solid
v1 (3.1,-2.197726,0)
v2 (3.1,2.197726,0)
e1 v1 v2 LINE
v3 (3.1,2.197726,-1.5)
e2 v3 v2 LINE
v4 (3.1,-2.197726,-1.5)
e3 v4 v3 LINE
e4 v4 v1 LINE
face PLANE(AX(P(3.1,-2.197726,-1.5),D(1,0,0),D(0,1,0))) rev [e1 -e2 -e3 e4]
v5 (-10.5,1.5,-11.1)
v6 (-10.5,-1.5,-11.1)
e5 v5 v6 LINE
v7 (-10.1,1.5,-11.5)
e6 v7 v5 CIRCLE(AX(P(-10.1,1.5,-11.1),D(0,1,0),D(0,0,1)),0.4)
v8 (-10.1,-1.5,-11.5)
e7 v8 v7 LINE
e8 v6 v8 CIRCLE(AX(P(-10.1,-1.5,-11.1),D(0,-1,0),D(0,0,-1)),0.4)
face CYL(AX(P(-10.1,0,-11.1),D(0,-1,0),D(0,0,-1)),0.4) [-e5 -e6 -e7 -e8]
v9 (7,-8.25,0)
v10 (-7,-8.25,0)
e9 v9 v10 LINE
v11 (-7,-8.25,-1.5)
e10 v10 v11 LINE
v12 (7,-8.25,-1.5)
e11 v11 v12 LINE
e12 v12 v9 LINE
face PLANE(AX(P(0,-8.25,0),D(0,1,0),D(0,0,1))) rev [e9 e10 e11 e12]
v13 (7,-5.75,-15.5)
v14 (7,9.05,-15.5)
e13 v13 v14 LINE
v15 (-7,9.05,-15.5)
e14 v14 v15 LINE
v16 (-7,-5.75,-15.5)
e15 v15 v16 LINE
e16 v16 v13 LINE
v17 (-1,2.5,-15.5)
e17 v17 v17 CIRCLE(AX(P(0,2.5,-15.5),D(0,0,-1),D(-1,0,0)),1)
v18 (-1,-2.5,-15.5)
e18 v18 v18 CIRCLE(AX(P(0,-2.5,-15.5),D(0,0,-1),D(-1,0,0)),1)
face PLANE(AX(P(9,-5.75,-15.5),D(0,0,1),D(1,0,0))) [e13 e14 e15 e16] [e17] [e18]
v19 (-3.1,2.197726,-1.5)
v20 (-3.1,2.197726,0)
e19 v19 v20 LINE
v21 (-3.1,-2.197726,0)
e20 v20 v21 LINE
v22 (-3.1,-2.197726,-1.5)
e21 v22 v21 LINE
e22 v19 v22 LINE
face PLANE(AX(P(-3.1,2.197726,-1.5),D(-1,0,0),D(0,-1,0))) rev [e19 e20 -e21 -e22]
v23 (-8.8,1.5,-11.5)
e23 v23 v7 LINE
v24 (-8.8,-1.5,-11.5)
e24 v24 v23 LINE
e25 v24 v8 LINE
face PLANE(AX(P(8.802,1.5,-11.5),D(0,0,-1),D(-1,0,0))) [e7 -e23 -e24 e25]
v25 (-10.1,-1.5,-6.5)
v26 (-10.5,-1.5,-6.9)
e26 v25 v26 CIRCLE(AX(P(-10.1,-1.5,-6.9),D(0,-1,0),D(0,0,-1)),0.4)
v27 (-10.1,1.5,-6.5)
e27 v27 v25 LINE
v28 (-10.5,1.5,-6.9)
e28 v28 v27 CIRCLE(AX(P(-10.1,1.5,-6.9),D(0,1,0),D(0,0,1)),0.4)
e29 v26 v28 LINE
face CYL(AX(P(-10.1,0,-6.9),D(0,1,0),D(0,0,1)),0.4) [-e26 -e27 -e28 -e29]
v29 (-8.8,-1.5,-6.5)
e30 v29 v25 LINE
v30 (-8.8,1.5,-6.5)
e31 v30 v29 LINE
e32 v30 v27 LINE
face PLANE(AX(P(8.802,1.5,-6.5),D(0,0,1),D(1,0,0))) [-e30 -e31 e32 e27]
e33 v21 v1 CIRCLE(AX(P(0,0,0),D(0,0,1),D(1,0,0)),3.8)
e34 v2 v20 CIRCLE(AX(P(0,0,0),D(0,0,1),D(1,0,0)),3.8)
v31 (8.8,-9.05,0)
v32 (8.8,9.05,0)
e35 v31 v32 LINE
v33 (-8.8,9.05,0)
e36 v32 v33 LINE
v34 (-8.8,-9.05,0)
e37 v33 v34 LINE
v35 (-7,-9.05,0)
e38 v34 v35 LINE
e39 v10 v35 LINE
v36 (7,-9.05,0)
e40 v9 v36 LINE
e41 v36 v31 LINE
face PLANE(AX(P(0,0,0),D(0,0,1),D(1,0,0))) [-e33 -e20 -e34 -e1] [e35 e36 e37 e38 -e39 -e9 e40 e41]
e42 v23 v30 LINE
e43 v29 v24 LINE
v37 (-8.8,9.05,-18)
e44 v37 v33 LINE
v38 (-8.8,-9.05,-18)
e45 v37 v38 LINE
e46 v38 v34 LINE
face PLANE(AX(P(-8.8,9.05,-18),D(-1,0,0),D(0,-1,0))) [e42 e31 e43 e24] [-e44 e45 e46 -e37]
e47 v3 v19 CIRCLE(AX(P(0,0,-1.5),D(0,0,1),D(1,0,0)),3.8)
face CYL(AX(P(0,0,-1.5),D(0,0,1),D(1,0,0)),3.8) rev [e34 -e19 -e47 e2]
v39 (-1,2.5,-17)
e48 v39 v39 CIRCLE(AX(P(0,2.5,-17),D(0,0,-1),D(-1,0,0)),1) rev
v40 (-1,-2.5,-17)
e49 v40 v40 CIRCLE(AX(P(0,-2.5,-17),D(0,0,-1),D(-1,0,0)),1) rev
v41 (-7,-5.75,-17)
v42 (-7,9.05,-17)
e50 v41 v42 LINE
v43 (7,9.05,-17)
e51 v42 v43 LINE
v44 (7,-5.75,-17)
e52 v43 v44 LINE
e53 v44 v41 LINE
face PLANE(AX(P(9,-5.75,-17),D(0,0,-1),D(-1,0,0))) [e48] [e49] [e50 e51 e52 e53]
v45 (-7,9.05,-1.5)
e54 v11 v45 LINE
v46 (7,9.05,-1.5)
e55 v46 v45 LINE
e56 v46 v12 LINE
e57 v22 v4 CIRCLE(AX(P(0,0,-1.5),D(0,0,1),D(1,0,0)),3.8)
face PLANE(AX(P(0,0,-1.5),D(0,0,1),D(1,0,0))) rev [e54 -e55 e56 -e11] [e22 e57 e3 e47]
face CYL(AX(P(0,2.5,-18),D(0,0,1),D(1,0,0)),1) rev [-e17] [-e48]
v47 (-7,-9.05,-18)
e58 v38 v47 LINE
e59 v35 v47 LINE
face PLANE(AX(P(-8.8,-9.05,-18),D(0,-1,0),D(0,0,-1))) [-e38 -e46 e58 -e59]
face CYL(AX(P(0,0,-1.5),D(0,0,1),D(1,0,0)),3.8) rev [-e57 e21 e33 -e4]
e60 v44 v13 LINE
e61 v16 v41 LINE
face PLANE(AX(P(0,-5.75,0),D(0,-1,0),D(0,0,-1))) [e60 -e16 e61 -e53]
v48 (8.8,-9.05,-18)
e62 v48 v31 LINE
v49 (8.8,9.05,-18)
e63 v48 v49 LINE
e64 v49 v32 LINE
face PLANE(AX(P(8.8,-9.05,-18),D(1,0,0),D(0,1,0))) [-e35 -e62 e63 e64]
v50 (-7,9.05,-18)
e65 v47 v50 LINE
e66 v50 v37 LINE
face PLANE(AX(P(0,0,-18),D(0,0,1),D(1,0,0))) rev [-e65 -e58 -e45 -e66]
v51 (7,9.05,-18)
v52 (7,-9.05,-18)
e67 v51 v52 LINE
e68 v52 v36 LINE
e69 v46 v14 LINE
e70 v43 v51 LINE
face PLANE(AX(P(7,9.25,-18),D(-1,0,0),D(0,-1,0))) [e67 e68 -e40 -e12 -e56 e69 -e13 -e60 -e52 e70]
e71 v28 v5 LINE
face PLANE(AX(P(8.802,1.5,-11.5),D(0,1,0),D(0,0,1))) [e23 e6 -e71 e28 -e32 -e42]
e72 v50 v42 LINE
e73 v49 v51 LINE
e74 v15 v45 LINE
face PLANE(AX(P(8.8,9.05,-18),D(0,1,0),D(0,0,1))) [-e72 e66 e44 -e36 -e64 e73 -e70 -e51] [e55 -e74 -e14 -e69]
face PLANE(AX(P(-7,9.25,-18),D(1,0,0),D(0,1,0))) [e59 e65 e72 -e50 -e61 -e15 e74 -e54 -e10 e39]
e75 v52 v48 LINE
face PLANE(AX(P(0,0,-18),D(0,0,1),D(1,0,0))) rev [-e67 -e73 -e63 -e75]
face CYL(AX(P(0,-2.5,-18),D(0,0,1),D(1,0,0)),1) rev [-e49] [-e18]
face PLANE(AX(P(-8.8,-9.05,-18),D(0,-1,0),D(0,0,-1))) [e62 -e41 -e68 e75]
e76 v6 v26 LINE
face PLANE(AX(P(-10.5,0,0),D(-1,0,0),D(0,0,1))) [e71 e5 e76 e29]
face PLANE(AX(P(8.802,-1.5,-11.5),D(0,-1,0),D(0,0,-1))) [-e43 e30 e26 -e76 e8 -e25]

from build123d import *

# Parameters (mm, degrees)
SKETCH_1_W                  = 18
SKETCH_1_H                  = 18.5
EXTRUDE_1_DEPTH             = 1.5
SKETCH_2_W                  = 2
SKETCH_2_H                  = 18.5
EXTRUDE_2_DEPTH             = 18
SKETCH_5_W                  = 18
SKETCH_5_H                  = 1.5
EXTRUDE_5_DEPTH             = 15
SKETCH_6_R                  = 1
CUT_EXTRUDE_1_DEPTH         = 21.169593452
SKETCH_7_W                  = 14
SKETCH_7_H                  = 1.5
CUT_EXTRUDE_2_DEPTH         = 1
SKETCH_8_W                  = 27.6
SKETCH_8_H                  = 28.1
SKETCH_8_W_2                = 17.6
SKETCH_8_H_2                = 18.1
CUT_EXTRUDE_3_DEPTH         = 23.148645557
SKETCH_4_W                  = 5
SKETCH_4_H                  = 3
EXTRUDE_4_DEPTH             = 1.5
EXTRUDE_4_DIRECTION_2_REACH = 28.884
FILLET_1_R                  = 0.4


with BuildPart() as part:
    # Эскиз1 → Бобышка-Вытянуть1 (new body)
    with BuildSketch(Plane.XY):
        Rectangle(SKETCH_1_W, SKETCH_1_H)
        with BuildLine():
            Line((3.1, -2.197726098), (3.1, 2.197726098))
            ThreePointArc((3.1, 2.197726098), (0, 3.8), (-3.1, 2.197726098))
            Line((-3.1, 2.197726098), (-3.1, -2.197726098))
            ThreePointArc((-3.1, -2.197726098), (0, -3.8), (3.1, -2.197726098))
        make_face(mode=Mode.SUBTRACT)
    extrude(amount=-EXTRUDE_1_DEPTH)

    # Эскиз2 → Бобышка-Вытянуть2 (add)
    with BuildSketch(Plane.XY):
        with Locations((-8, 0)):
            Rectangle(SKETCH_2_W, SKETCH_2_H)
        with Locations((8, 0)):
            Rectangle(SKETCH_2_W, SKETCH_2_H)
    extrude(amount=-EXTRUDE_2_DEPTH)

    # Эскиз5 → Бобышка-Вытянуть5 (add)
    with BuildSketch(Plane(origin=(0, 9.25, 0), x_dir=(1, 0, 0), z_dir=(0, 1, 0))):
        with Locations((0, 16.25)):
            Rectangle(SKETCH_5_W, SKETCH_5_H)
    extrude(amount=-EXTRUDE_5_DEPTH)

    # Эскиз6 → Вырез-Вытянуть1 (cut, through all)
    with BuildSketch(Plane(origin=(0, 0, -15.5), x_dir=(-1, 0, 0), z_dir=(0, 0, -1))):
        with Locations((0, 2.5)):
            Circle(SKETCH_6_R)
        with Locations((0, -2.5)):
            Circle(SKETCH_6_R)
    extrude(amount=CUT_EXTRUDE_1_DEPTH, mode=Mode.SUBTRACT)

    # Эскиз7 → Вырез-Вытянуть2 (cut)
    with BuildSketch(Plane.XZ.offset(9.25)):
        with Locations((0, -0.75)):
            Rectangle(SKETCH_7_W, SKETCH_7_H)
    extrude(amount=-CUT_EXTRUDE_2_DEPTH, mode=Mode.SUBTRACT)

    # Эскиз8 → Вырез-Вытянуть3 (cut, through all)
    with BuildSketch(Plane.XY):
        Rectangle(SKETCH_8_W, SKETCH_8_H)
        Rectangle(SKETCH_8_W_2, SKETCH_8_H_2, mode=Mode.SUBTRACT)
    extrude(amount=-CUT_EXTRUDE_3_DEPTH, mode=Mode.SUBTRACT)

    # Эскиз4 → Бобышка-Вытянуть4 (add)
    with BuildSketch(Plane.ZY.offset(9)):
        with Locations((-9, 0)):
            Rectangle(SKETCH_4_W, SKETCH_4_H)
    extrude(amount=EXTRUDE_4_DEPTH)

    # Эскиз4 → Бобышка-Вытянуть4 direction 2 (add, up to next)
    with BuildSketch(Plane.ZY.offset(9), mode=Mode.PRIVATE) as extrude_4_direction_2_sk1:
        with Locations((-9, 0)):
            Rectangle(SKETCH_4_W, SKETCH_4_H)
    extrude_4_direction_2_tool1 = extrude(extrude_4_direction_2_sk1.sketch, amount=-EXTRUDE_4_DIRECTION_2_REACH, mode=Mode.PRIVATE) - part.part
    add(extrude_4_direction_2_tool1.solids().sort_by_distance((-9, 0, -9))[0])

    # Скругление1
    fillet_1_edges = [part.edges().sort_by_distance(p)[0] for p in [
        (-10.5, 0, -11.5),
        (-10.5, 0, -6.5),
    ]]
    fillet(fillet_1_edges, radius=FILLET_1_R)


solid = part.part
